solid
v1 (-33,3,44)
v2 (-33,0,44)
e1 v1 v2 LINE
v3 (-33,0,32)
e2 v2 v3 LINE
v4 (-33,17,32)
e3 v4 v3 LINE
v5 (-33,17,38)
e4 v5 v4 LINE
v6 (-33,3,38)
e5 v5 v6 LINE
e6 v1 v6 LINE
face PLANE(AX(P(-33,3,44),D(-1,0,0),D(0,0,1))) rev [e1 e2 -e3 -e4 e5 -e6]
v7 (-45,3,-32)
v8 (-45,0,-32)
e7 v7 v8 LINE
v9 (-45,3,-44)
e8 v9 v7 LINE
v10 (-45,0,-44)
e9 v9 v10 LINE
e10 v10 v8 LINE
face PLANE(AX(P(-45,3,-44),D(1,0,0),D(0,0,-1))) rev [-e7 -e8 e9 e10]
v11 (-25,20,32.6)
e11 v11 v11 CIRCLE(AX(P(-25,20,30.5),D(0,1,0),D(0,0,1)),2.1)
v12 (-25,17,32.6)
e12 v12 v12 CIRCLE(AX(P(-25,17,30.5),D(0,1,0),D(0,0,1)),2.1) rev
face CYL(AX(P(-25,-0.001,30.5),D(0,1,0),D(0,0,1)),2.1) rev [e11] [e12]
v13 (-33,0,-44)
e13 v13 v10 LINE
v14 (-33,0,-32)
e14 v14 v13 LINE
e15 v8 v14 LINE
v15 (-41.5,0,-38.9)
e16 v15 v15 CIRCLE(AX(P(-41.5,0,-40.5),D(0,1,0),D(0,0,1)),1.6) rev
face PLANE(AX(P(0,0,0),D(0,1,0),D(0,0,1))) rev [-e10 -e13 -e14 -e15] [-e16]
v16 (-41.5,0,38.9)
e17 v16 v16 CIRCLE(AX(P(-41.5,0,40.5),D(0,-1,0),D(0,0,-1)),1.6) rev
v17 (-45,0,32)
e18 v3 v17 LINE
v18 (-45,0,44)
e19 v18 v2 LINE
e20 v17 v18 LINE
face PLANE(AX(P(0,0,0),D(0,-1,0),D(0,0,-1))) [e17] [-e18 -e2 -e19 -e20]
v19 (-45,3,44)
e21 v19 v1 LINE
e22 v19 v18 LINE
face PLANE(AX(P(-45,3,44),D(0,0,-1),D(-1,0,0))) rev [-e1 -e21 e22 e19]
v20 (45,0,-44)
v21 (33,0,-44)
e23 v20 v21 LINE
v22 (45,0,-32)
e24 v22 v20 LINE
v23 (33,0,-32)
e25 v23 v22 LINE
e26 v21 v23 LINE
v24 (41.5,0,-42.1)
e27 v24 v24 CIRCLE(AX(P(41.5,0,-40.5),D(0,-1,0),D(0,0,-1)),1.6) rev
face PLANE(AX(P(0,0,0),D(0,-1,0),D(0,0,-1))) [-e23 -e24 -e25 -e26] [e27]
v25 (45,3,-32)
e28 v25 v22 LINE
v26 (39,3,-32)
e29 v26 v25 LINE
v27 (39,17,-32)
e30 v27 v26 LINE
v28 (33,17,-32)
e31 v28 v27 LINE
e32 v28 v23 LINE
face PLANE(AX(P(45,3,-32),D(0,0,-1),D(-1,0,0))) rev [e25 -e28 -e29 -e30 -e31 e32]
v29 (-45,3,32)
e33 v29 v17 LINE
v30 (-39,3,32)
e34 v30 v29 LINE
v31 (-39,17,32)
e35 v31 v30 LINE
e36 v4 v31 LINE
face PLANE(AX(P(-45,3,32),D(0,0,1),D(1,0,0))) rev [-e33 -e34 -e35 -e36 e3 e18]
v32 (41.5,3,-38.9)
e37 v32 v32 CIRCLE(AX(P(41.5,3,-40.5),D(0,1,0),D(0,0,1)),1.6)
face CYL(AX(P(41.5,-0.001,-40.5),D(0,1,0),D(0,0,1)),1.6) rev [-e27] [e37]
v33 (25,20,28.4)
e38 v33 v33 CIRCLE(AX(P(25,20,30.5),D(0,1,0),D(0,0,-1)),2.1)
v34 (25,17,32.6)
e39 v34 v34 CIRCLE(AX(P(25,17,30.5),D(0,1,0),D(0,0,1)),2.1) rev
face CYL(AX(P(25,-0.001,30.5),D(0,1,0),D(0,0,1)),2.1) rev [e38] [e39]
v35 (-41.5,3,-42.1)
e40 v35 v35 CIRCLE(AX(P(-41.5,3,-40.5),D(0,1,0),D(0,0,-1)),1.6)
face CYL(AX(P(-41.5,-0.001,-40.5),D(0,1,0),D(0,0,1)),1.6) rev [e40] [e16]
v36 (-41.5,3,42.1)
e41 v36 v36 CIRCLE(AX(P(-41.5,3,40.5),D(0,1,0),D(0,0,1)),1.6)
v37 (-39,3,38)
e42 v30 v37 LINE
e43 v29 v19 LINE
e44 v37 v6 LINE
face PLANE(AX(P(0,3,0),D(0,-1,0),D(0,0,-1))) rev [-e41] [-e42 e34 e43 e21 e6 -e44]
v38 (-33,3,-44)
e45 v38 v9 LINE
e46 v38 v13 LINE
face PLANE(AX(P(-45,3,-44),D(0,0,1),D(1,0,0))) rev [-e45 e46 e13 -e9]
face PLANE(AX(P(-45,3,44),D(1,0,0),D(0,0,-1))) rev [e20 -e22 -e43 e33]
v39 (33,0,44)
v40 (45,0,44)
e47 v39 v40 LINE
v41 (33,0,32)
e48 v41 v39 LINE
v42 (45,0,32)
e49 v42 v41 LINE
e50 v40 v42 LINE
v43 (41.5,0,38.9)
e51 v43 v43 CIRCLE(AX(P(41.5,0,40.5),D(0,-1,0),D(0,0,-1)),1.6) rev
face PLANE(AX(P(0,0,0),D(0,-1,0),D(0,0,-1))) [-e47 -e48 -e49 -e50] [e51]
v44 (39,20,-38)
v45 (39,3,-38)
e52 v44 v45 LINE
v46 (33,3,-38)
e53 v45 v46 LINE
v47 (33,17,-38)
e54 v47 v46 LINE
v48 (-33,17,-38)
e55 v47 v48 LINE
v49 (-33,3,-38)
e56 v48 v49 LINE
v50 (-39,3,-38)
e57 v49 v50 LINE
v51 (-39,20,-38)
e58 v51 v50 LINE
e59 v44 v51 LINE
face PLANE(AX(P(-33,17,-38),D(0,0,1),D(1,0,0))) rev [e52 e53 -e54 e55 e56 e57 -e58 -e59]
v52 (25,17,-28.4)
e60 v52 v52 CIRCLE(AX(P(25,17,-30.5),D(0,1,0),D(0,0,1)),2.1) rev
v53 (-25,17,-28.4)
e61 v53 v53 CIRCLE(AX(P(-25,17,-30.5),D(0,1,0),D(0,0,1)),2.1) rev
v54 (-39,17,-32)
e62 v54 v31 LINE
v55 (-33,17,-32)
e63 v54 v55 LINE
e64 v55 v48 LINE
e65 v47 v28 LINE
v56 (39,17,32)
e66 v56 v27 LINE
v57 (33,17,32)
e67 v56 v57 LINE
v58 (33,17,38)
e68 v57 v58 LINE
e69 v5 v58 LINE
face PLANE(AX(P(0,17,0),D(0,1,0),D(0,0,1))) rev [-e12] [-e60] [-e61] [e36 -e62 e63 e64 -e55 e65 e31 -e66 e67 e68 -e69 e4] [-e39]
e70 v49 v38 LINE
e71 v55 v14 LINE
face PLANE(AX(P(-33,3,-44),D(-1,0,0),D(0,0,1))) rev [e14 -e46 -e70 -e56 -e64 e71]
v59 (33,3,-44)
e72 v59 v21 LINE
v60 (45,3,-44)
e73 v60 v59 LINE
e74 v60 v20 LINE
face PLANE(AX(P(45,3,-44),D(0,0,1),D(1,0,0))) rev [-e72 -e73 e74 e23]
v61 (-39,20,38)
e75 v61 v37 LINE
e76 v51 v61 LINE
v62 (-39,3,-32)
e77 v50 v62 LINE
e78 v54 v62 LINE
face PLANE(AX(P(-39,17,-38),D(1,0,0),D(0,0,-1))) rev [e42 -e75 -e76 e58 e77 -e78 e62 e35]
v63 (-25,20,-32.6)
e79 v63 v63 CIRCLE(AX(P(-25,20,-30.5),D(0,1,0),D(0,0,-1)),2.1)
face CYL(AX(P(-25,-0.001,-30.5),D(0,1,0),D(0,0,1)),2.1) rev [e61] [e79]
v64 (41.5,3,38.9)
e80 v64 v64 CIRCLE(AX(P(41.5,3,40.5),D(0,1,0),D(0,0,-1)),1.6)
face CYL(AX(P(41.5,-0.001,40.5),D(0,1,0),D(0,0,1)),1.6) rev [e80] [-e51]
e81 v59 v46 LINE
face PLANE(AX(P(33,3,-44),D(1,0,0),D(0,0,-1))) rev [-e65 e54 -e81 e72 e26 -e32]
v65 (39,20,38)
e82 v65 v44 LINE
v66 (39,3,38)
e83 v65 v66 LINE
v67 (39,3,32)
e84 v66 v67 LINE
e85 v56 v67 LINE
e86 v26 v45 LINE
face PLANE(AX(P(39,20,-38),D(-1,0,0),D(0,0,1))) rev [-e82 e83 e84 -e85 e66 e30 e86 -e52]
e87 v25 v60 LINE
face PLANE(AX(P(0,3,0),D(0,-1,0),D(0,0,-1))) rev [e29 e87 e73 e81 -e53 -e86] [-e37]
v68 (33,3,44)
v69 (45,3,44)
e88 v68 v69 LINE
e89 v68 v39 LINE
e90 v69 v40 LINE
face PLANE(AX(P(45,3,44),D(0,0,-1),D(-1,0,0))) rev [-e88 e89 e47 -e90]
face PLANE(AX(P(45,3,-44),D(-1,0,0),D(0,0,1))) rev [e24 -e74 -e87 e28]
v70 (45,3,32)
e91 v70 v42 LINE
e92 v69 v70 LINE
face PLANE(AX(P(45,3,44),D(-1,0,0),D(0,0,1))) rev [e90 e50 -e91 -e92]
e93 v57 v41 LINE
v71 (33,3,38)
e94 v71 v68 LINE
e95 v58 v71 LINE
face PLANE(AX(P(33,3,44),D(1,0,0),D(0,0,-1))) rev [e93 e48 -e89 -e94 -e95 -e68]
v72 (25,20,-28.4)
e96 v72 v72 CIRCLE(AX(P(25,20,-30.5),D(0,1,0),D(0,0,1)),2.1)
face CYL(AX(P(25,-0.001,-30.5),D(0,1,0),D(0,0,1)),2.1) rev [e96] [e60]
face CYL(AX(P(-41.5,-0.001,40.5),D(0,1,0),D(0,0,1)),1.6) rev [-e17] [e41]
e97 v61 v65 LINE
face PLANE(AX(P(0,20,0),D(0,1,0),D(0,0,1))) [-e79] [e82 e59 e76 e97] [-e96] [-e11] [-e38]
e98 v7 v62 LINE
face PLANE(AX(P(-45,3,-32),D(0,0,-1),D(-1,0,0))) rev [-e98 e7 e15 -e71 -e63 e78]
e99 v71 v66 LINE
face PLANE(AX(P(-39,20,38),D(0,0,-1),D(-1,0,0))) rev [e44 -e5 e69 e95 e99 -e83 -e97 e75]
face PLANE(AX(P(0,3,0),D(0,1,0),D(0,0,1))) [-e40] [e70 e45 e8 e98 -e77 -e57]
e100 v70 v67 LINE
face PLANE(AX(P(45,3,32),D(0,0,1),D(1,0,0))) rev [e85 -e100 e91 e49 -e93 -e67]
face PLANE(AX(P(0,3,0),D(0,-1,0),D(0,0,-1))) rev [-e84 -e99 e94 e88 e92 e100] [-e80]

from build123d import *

# Parameters (mm, degrees)
SKETCH1_W             = 12
SKETCH1_H             = 12
BOSS_EXTRUDE1_DEPTH   = 3
BOSS_EXTRUDE1_2_DEPTH = 3
BOSS_EXTRUDE1_3_DEPTH = 3
BOSS_EXTRUDE1_4_DEPTH = 3
SKETCH2_W             = 6
SKETCH2_H             = 6
BOSS_EXTRUDE3_DEPTH   = 14
SKETCH3_W             = 78
SKETCH3_H             = 76
BOSS_EXTRUDE4_DEPTH   = 3
CUT_EXTRUDE1_REACH    = 5
SKETCH4_R             = 1.6
CUT_EXTRUDE2_REACH    = 22
SKETCH5_R             = 2.1


with BuildPart() as part:
    # Sketch1 → Boss-Extrude1 (new body)
    with BuildSketch(Plane(origin=(0, 0, 0), x_dir=(1, 0, 0), z_dir=(0, 1, 0))):
        with Locations((-39, -38)):
            Rectangle(SKETCH1_W, SKETCH1_H)
    extrude(amount=BOSS_EXTRUDE1_DEPTH)



with BuildPart() as body_2:
    # Sketch1 → Boss-Extrude1 2 (new body)
    with BuildSketch(Plane(origin=(0, 0, 0), x_dir=(1, 0, 0), z_dir=(0, 1, 0))):
        with Locations((-39, 38)):
            Rectangle(SKETCH1_W, SKETCH1_H)
    extrude(amount=BOSS_EXTRUDE1_2_DEPTH)


with BuildPart() as body_3:
    # Sketch1 → Boss-Extrude1 3 (new body)
    with BuildSketch(Plane(origin=(0, 0, 0), x_dir=(1, 0, 0), z_dir=(0, 1, 0))):
        with Locations((39, 38)):
            Rectangle(SKETCH1_W, SKETCH1_H)
    extrude(amount=BOSS_EXTRUDE1_3_DEPTH)


with BuildPart() as body_4:
    # Sketch1 → Boss-Extrude1 4 (new body)
    with BuildSketch(Plane(origin=(0, 0, 0), x_dir=(1, 0, 0), z_dir=(0, 1, 0))):
        with Locations((39, -38)):
            Rectangle(SKETCH1_W, SKETCH1_H)
    extrude(amount=BOSS_EXTRUDE1_4_DEPTH)


with BuildPart() as part_1:
    add(part.part)

    add(body_2.part)  # Boss-Extrude3 merges body 2

    add(body_3.part)  # Boss-Extrude3 merges body 3

    add(body_4.part)  # Boss-Extrude3 merges body 4
    # Sketch2 → Boss-Extrude3 (add)
    with BuildSketch(Plane(origin=(0, 3, 0), x_dir=(1, 0, 0), z_dir=(0, 1, 0))):
        with Locations((-36, 35)):
            Rectangle(SKETCH2_W, SKETCH2_H)
        with Locations((-36, -35)):
            Rectangle(SKETCH2_W, SKETCH2_H)
        with Locations((36, 35)):
            Rectangle(SKETCH2_W, SKETCH2_H)
        with Locations((36, -35)):
            Rectangle(SKETCH2_W, SKETCH2_H)
    extrude(amount=BOSS_EXTRUDE3_DEPTH)

    # Sketch3 → Boss-Extrude4 (add)
    with BuildSketch(Plane(origin=(0, 17, 0), x_dir=(1, 0, 0), z_dir=(0, 1, 0))):
        Rectangle(SKETCH3_W, SKETCH3_H)
    extrude(amount=BOSS_EXTRUDE4_DEPTH)

    # Sketch4 → Cut-Extrude1 (cut, up to next)
    with BuildSketch(Plane(origin=(0, 3, 0), x_dir=(1, 0, 0), z_dir=(0, 1, 0)), mode=Mode.PRIVATE) as cut_extrude1_sk1:
        with Locations((41.5, -40.5)):
            Circle(SKETCH4_R)
    cut_extrude1_tool1 = extrude(cut_extrude1_sk1.sketch, amount=-CUT_EXTRUDE1_REACH, mode=Mode.PRIVATE) & part_1.part
    add(cut_extrude1_tool1.solids().sort_by_distance((41.5, 3, 40.5))[0], mode=Mode.SUBTRACT)
    # Sketch4 → Cut-Extrude1 (cut, up to next)
    with BuildSketch(Plane(origin=(0, 3, 0), x_dir=(1, 0, 0), z_dir=(0, 1, 0)), mode=Mode.PRIVATE) as cut_extrude1_sk2:
        with Locations((-41.5, 40.5)):
            Circle(SKETCH4_R)
    cut_extrude1_tool2 = extrude(cut_extrude1_sk2.sketch, amount=-CUT_EXTRUDE1_REACH, mode=Mode.PRIVATE) & part_1.part
    add(cut_extrude1_tool2.solids().sort_by_distance((-41.5, 3, -40.5))[0], mode=Mode.SUBTRACT)
    # Sketch4 → Cut-Extrude1 (cut, up to next)
    with BuildSketch(Plane(origin=(0, 3, 0), x_dir=(1, 0, 0), z_dir=(0, 1, 0)), mode=Mode.PRIVATE) as cut_extrude1_sk3:
        with Locations((-41.5, -40.5)):
            Circle(SKETCH4_R)
    cut_extrude1_tool3 = extrude(cut_extrude1_sk3.sketch, amount=-CUT_EXTRUDE1_REACH, mode=Mode.PRIVATE) & part_1.part
    add(cut_extrude1_tool3.solids().sort_by_distance((-41.5, 3, 40.5))[0], mode=Mode.SUBTRACT)
    # Sketch4 → Cut-Extrude1 (cut, up to next)
    with BuildSketch(Plane(origin=(0, 3, 0), x_dir=(1, 0, 0), z_dir=(0, 1, 0)), mode=Mode.PRIVATE) as cut_extrude1_sk4:
        with Locations((41.5, 40.5)):
            Circle(SKETCH4_R)
    cut_extrude1_tool4 = extrude(cut_extrude1_sk4.sketch, amount=-CUT_EXTRUDE1_REACH, mode=Mode.PRIVATE) & part_1.part
    add(cut_extrude1_tool4.solids().sort_by_distance((41.5, 3, -40.5))[0], mode=Mode.SUBTRACT)

    # Sketch5 → Cut-Extrude2 (cut, up to next)
    with BuildSketch(Plane(origin=(0, 20, 0), x_dir=(1, 0, 0), z_dir=(0, 1, 0)), mode=Mode.PRIVATE) as cut_extrude2_sk1:
        with Locations((25, 30.5)):
            Circle(SKETCH5_R)
    cut_extrude2_tool1 = extrude(cut_extrude2_sk1.sketch, amount=-CUT_EXTRUDE2_REACH, mode=Mode.PRIVATE) & part_1.part
    add(cut_extrude2_tool1.solids().sort_by_distance((25, 20, -30.5))[0], mode=Mode.SUBTRACT)
    # Sketch5 → Cut-Extrude2 (cut, up to next)
    with BuildSketch(Plane(origin=(0, 20, 0), x_dir=(1, 0, 0), z_dir=(0, 1, 0)), mode=Mode.PRIVATE) as cut_extrude2_sk2:
        with Locations((25, -30.5)):
            Circle(SKETCH5_R)
    cut_extrude2_tool2 = extrude(cut_extrude2_sk2.sketch, amount=-CUT_EXTRUDE2_REACH, mode=Mode.PRIVATE) & part_1.part
    add(cut_extrude2_tool2.solids().sort_by_distance((25, 20, 30.5))[0], mode=Mode.SUBTRACT)
    # Sketch5 → Cut-Extrude2 (cut, up to next)
    with BuildSketch(Plane(origin=(0, 20, 0), x_dir=(1, 0, 0), z_dir=(0, 1, 0)), mode=Mode.PRIVATE) as cut_extrude2_sk3:
        with Locations((-25, 30.5)):
            Circle(SKETCH5_R)
    cut_extrude2_tool3 = extrude(cut_extrude2_sk3.sketch, amount=-CUT_EXTRUDE2_REACH, mode=Mode.PRIVATE) & part_1.part
    add(cut_extrude2_tool3.solids().sort_by_distance((-25, 20, -30.5))[0], mode=Mode.SUBTRACT)
    # Sketch5 → Cut-Extrude2 (cut, up to next)
    with BuildSketch(Plane(origin=(0, 20, 0), x_dir=(1, 0, 0), z_dir=(0, 1, 0)), mode=Mode.PRIVATE) as cut_extrude2_sk4:
        with Locations((-25, -30.5)):
            Circle(SKETCH5_R)
    cut_extrude2_tool4 = extrude(cut_extrude2_sk4.sketch, amount=-CUT_EXTRUDE2_REACH, mode=Mode.PRIVATE) & part_1.part
    add(cut_extrude2_tool4.solids().sort_by_distance((-25, 20, 30.5))[0], mode=Mode.SUBTRACT)


solid = part_1.part
